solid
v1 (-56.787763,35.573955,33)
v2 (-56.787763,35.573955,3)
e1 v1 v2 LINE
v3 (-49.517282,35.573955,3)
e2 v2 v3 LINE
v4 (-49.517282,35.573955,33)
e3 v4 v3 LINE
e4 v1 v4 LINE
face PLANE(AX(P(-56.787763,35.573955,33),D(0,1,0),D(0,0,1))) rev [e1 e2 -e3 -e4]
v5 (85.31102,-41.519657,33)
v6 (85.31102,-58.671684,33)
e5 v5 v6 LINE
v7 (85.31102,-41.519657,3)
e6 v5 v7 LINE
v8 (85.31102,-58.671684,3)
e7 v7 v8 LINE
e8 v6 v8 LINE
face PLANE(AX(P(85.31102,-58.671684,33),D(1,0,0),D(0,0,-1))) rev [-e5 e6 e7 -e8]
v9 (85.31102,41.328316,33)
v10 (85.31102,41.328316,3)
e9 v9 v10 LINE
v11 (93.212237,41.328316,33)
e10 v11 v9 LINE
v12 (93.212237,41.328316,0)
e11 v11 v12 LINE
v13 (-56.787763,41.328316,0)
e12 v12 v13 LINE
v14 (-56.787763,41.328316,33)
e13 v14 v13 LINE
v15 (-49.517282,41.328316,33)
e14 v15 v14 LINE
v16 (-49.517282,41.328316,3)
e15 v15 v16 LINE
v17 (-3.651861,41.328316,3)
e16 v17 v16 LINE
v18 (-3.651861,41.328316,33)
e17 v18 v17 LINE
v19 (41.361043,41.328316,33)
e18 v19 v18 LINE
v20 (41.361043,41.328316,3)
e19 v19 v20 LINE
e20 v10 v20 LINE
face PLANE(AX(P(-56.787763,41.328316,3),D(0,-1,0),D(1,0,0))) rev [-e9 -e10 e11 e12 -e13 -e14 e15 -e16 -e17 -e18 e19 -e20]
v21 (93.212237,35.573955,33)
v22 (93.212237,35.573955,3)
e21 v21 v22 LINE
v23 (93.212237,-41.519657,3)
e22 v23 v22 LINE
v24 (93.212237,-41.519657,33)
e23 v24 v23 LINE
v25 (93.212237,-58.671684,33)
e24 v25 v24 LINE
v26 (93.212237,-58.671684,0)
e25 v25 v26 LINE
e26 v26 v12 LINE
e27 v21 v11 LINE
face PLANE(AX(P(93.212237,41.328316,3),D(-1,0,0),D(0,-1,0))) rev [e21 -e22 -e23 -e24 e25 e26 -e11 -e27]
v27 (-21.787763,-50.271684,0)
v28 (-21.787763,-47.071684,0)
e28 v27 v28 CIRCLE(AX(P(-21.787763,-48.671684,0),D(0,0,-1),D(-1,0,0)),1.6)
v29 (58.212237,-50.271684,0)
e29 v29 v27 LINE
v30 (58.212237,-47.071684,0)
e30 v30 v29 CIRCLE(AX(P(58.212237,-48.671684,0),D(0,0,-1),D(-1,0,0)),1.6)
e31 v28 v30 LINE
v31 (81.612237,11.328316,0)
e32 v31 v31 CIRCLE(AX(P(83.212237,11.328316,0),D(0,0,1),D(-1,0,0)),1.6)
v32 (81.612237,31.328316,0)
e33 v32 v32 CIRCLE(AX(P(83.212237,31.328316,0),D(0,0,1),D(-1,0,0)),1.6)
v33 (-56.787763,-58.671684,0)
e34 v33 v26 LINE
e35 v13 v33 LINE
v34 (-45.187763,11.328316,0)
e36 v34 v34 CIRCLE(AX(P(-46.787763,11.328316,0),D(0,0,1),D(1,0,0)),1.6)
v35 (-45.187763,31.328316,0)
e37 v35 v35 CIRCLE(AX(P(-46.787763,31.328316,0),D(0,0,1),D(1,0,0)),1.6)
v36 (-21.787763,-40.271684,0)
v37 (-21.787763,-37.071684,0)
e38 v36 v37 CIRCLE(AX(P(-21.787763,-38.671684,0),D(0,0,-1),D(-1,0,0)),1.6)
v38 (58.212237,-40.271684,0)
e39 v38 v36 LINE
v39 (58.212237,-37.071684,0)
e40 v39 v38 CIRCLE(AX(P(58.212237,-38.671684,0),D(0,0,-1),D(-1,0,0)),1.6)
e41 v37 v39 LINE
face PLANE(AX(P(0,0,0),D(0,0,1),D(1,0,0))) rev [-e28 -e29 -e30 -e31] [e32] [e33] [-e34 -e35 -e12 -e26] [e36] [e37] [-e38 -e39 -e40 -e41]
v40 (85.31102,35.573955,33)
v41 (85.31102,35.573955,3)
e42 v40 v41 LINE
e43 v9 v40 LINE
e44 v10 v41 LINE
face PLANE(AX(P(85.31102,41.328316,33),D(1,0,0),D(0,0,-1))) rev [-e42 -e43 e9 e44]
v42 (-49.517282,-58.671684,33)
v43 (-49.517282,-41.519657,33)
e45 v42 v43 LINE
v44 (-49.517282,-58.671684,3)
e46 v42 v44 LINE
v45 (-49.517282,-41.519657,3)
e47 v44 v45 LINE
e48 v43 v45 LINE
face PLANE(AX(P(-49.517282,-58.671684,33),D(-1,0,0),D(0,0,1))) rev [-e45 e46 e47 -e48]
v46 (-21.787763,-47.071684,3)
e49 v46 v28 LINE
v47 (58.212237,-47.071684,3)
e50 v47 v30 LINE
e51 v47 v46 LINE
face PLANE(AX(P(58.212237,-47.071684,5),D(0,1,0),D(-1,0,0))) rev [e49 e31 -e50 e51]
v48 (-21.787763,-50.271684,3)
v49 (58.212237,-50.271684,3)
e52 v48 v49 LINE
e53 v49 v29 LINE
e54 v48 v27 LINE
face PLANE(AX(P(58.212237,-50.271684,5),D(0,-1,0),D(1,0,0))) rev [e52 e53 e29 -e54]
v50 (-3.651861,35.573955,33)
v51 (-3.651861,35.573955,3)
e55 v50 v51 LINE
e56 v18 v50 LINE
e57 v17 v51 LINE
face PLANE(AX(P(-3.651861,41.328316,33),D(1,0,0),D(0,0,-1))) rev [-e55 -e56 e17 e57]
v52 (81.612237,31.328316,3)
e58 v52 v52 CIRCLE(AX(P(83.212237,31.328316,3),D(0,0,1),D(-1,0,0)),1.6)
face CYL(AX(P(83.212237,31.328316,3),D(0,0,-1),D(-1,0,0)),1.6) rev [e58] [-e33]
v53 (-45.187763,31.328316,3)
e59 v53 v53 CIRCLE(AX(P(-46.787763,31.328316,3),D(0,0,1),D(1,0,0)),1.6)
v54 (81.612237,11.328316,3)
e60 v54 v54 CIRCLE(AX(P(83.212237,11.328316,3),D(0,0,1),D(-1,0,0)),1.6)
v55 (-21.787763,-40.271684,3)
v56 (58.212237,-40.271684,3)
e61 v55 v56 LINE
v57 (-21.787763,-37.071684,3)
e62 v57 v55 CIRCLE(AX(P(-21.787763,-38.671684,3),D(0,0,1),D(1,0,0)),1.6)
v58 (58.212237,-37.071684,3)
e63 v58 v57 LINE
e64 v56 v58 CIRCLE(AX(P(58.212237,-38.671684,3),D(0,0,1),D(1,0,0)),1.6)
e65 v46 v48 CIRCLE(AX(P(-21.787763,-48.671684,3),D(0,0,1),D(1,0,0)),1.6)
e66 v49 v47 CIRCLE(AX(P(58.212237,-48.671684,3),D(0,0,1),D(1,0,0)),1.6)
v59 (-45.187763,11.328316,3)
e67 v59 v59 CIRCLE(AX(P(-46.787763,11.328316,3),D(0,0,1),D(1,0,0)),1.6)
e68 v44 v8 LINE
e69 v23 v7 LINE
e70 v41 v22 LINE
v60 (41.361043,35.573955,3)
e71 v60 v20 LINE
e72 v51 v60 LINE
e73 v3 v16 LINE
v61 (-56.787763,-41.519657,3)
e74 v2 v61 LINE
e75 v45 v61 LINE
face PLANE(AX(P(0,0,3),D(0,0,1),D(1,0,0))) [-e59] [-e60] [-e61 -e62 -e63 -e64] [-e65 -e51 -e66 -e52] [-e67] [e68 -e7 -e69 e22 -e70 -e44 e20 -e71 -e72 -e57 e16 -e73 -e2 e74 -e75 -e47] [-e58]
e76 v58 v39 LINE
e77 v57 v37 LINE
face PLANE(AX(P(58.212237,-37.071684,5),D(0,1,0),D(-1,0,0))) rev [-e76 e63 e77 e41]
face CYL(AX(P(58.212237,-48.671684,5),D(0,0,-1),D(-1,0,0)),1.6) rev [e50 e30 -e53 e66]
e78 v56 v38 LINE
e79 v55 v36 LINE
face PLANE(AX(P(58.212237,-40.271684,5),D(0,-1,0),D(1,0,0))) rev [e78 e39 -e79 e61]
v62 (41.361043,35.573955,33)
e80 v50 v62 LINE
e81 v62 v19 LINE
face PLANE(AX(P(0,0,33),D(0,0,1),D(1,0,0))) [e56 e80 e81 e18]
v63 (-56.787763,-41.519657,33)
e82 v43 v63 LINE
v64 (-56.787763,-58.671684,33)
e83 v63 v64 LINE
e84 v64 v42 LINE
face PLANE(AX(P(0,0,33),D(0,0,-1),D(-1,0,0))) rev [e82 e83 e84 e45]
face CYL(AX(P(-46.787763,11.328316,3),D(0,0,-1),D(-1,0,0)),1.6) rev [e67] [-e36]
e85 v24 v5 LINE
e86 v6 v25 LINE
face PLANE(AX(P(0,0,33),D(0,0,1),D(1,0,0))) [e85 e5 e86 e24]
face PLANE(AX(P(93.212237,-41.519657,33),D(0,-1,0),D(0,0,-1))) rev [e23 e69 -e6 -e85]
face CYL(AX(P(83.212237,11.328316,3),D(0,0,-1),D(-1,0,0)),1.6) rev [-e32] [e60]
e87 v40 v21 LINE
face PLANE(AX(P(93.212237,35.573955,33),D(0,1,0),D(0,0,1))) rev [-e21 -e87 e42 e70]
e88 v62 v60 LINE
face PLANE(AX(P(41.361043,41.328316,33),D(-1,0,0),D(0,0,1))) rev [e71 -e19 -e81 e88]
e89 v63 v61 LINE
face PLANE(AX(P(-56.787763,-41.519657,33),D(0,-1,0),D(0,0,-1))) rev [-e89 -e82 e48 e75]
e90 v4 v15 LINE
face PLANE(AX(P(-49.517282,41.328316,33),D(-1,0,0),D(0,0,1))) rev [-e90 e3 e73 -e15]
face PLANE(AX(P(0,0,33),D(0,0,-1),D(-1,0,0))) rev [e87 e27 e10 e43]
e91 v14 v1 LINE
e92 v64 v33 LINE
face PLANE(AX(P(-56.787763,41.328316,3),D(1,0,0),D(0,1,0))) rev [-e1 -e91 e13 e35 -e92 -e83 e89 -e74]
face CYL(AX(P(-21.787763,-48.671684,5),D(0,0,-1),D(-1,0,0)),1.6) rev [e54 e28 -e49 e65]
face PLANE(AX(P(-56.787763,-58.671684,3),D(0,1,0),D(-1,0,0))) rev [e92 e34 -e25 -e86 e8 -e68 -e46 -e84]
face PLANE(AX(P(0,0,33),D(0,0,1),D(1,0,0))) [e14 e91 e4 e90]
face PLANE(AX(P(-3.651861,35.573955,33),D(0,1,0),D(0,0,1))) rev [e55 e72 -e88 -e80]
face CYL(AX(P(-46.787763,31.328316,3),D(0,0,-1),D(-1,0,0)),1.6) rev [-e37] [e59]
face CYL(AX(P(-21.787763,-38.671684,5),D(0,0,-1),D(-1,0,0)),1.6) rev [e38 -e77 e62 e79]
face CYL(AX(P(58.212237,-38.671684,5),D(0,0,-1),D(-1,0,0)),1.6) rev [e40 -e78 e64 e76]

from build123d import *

# Parameters (mm, degrees)
SKETCH_1_W          = 150
SKETCH_1_H          = 100
SKETCH_1_R          = 1.6
EXTRUDE_1_DEPTH     = 3
SKETCH_2_W          = 45.012904103
SKETCH_2_H          = 5.754361308
SKETCH_2_W_2        = 7.270480745
SKETCH_2_W_3        = 7.901217153
SKETCH_2_H_2        = 17.152026815
EXTRUDE_2_DEPTH     = 30
CUT_EXTRUDE_1_DEPTH = 5


with BuildPart() as part:
    # 草图1 → 凸台-拉伸1 (new body)
    with BuildSketch(Plane.XY):
        with Locations((18.212237094, -8.671684116)):
            Rectangle(SKETCH_1_W, SKETCH_1_H)
        with Locations((-46.787762906, 31.328315884)):
            Circle(SKETCH_1_R, mode=Mode.SUBTRACT)
        with Locations((-46.787762906, 11.328315884)):
            Circle(SKETCH_1_R, mode=Mode.SUBTRACT)
        with Locations((83.212237094, 11.328315884)):
            Circle(SKETCH_1_R, mode=Mode.SUBTRACT)
        with Locations((83.212237094, 31.328315884)):
            Circle(SKETCH_1_R, mode=Mode.SUBTRACT)
    extrude(amount=EXTRUDE_1_DEPTH)

    # 草图2 → 凸台-拉伸2 (add)
    with BuildSketch(Plane.XY.offset(3)):
        with Locations((18.854591116, 38.45113523)):
            Rectangle(SKETCH_2_W, SKETCH_2_H)
        with Locations((-53.152522534, 38.45113523)):
            Rectangle(SKETCH_2_W_2, SKETCH_2_H)
        with Locations((89.261628518, 38.45113523)):
            Rectangle(SKETCH_2_W_3, SKETCH_2_H)
        with Locations((89.261628518, -50.095670709)):
            Rectangle(SKETCH_2_W_3, SKETCH_2_H_2)
        with Locations((-53.152522534, -50.095670709)):
            Rectangle(SKETCH_2_W_2, SKETCH_2_H_2)
    extrude(amount=EXTRUDE_2_DEPTH)

    # 草图3 → 切除-拉伸1 (cut)
    with BuildSketch(Plane(origin=(0, 0, 0), x_dir=(-1, 0, 0), z_dir=(0, 0, -1))):
        with BuildLine():
            Line((-58.212237094, -37.071684116), (21.787762906, -37.071684116))
            ThreePointArc((21.787762906, -37.071684116), (23.387762906, -38.671684116), (21.787762906, -40.271684116))
            Line((21.787762906, -40.271684116), (-58.212237094, -40.271684116))
            ThreePointArc((-58.212237094, -40.271684116), (-59.812237094, -38.671684116), (-58.212237094, -37.071684116))
        make_face()
        with BuildLine():
            Line((-58.212237094, -47.071684116), (21.787762906, -47.071684116))
            ThreePointArc((21.787762906, -47.071684116), (23.387762906, -48.671684116), (21.787762906, -50.271684116))
            Line((21.787762906, -50.271684116), (-58.212237094, -50.271684116))
            ThreePointArc((-58.212237094, -50.271684116), (-59.812237094, -48.671684116), (-58.212237094, -47.071684116))
        make_face()
    extrude(amount=-CUT_EXTRUDE_1_DEPTH, mode=Mode.SUBTRACT)


solid = part.part
